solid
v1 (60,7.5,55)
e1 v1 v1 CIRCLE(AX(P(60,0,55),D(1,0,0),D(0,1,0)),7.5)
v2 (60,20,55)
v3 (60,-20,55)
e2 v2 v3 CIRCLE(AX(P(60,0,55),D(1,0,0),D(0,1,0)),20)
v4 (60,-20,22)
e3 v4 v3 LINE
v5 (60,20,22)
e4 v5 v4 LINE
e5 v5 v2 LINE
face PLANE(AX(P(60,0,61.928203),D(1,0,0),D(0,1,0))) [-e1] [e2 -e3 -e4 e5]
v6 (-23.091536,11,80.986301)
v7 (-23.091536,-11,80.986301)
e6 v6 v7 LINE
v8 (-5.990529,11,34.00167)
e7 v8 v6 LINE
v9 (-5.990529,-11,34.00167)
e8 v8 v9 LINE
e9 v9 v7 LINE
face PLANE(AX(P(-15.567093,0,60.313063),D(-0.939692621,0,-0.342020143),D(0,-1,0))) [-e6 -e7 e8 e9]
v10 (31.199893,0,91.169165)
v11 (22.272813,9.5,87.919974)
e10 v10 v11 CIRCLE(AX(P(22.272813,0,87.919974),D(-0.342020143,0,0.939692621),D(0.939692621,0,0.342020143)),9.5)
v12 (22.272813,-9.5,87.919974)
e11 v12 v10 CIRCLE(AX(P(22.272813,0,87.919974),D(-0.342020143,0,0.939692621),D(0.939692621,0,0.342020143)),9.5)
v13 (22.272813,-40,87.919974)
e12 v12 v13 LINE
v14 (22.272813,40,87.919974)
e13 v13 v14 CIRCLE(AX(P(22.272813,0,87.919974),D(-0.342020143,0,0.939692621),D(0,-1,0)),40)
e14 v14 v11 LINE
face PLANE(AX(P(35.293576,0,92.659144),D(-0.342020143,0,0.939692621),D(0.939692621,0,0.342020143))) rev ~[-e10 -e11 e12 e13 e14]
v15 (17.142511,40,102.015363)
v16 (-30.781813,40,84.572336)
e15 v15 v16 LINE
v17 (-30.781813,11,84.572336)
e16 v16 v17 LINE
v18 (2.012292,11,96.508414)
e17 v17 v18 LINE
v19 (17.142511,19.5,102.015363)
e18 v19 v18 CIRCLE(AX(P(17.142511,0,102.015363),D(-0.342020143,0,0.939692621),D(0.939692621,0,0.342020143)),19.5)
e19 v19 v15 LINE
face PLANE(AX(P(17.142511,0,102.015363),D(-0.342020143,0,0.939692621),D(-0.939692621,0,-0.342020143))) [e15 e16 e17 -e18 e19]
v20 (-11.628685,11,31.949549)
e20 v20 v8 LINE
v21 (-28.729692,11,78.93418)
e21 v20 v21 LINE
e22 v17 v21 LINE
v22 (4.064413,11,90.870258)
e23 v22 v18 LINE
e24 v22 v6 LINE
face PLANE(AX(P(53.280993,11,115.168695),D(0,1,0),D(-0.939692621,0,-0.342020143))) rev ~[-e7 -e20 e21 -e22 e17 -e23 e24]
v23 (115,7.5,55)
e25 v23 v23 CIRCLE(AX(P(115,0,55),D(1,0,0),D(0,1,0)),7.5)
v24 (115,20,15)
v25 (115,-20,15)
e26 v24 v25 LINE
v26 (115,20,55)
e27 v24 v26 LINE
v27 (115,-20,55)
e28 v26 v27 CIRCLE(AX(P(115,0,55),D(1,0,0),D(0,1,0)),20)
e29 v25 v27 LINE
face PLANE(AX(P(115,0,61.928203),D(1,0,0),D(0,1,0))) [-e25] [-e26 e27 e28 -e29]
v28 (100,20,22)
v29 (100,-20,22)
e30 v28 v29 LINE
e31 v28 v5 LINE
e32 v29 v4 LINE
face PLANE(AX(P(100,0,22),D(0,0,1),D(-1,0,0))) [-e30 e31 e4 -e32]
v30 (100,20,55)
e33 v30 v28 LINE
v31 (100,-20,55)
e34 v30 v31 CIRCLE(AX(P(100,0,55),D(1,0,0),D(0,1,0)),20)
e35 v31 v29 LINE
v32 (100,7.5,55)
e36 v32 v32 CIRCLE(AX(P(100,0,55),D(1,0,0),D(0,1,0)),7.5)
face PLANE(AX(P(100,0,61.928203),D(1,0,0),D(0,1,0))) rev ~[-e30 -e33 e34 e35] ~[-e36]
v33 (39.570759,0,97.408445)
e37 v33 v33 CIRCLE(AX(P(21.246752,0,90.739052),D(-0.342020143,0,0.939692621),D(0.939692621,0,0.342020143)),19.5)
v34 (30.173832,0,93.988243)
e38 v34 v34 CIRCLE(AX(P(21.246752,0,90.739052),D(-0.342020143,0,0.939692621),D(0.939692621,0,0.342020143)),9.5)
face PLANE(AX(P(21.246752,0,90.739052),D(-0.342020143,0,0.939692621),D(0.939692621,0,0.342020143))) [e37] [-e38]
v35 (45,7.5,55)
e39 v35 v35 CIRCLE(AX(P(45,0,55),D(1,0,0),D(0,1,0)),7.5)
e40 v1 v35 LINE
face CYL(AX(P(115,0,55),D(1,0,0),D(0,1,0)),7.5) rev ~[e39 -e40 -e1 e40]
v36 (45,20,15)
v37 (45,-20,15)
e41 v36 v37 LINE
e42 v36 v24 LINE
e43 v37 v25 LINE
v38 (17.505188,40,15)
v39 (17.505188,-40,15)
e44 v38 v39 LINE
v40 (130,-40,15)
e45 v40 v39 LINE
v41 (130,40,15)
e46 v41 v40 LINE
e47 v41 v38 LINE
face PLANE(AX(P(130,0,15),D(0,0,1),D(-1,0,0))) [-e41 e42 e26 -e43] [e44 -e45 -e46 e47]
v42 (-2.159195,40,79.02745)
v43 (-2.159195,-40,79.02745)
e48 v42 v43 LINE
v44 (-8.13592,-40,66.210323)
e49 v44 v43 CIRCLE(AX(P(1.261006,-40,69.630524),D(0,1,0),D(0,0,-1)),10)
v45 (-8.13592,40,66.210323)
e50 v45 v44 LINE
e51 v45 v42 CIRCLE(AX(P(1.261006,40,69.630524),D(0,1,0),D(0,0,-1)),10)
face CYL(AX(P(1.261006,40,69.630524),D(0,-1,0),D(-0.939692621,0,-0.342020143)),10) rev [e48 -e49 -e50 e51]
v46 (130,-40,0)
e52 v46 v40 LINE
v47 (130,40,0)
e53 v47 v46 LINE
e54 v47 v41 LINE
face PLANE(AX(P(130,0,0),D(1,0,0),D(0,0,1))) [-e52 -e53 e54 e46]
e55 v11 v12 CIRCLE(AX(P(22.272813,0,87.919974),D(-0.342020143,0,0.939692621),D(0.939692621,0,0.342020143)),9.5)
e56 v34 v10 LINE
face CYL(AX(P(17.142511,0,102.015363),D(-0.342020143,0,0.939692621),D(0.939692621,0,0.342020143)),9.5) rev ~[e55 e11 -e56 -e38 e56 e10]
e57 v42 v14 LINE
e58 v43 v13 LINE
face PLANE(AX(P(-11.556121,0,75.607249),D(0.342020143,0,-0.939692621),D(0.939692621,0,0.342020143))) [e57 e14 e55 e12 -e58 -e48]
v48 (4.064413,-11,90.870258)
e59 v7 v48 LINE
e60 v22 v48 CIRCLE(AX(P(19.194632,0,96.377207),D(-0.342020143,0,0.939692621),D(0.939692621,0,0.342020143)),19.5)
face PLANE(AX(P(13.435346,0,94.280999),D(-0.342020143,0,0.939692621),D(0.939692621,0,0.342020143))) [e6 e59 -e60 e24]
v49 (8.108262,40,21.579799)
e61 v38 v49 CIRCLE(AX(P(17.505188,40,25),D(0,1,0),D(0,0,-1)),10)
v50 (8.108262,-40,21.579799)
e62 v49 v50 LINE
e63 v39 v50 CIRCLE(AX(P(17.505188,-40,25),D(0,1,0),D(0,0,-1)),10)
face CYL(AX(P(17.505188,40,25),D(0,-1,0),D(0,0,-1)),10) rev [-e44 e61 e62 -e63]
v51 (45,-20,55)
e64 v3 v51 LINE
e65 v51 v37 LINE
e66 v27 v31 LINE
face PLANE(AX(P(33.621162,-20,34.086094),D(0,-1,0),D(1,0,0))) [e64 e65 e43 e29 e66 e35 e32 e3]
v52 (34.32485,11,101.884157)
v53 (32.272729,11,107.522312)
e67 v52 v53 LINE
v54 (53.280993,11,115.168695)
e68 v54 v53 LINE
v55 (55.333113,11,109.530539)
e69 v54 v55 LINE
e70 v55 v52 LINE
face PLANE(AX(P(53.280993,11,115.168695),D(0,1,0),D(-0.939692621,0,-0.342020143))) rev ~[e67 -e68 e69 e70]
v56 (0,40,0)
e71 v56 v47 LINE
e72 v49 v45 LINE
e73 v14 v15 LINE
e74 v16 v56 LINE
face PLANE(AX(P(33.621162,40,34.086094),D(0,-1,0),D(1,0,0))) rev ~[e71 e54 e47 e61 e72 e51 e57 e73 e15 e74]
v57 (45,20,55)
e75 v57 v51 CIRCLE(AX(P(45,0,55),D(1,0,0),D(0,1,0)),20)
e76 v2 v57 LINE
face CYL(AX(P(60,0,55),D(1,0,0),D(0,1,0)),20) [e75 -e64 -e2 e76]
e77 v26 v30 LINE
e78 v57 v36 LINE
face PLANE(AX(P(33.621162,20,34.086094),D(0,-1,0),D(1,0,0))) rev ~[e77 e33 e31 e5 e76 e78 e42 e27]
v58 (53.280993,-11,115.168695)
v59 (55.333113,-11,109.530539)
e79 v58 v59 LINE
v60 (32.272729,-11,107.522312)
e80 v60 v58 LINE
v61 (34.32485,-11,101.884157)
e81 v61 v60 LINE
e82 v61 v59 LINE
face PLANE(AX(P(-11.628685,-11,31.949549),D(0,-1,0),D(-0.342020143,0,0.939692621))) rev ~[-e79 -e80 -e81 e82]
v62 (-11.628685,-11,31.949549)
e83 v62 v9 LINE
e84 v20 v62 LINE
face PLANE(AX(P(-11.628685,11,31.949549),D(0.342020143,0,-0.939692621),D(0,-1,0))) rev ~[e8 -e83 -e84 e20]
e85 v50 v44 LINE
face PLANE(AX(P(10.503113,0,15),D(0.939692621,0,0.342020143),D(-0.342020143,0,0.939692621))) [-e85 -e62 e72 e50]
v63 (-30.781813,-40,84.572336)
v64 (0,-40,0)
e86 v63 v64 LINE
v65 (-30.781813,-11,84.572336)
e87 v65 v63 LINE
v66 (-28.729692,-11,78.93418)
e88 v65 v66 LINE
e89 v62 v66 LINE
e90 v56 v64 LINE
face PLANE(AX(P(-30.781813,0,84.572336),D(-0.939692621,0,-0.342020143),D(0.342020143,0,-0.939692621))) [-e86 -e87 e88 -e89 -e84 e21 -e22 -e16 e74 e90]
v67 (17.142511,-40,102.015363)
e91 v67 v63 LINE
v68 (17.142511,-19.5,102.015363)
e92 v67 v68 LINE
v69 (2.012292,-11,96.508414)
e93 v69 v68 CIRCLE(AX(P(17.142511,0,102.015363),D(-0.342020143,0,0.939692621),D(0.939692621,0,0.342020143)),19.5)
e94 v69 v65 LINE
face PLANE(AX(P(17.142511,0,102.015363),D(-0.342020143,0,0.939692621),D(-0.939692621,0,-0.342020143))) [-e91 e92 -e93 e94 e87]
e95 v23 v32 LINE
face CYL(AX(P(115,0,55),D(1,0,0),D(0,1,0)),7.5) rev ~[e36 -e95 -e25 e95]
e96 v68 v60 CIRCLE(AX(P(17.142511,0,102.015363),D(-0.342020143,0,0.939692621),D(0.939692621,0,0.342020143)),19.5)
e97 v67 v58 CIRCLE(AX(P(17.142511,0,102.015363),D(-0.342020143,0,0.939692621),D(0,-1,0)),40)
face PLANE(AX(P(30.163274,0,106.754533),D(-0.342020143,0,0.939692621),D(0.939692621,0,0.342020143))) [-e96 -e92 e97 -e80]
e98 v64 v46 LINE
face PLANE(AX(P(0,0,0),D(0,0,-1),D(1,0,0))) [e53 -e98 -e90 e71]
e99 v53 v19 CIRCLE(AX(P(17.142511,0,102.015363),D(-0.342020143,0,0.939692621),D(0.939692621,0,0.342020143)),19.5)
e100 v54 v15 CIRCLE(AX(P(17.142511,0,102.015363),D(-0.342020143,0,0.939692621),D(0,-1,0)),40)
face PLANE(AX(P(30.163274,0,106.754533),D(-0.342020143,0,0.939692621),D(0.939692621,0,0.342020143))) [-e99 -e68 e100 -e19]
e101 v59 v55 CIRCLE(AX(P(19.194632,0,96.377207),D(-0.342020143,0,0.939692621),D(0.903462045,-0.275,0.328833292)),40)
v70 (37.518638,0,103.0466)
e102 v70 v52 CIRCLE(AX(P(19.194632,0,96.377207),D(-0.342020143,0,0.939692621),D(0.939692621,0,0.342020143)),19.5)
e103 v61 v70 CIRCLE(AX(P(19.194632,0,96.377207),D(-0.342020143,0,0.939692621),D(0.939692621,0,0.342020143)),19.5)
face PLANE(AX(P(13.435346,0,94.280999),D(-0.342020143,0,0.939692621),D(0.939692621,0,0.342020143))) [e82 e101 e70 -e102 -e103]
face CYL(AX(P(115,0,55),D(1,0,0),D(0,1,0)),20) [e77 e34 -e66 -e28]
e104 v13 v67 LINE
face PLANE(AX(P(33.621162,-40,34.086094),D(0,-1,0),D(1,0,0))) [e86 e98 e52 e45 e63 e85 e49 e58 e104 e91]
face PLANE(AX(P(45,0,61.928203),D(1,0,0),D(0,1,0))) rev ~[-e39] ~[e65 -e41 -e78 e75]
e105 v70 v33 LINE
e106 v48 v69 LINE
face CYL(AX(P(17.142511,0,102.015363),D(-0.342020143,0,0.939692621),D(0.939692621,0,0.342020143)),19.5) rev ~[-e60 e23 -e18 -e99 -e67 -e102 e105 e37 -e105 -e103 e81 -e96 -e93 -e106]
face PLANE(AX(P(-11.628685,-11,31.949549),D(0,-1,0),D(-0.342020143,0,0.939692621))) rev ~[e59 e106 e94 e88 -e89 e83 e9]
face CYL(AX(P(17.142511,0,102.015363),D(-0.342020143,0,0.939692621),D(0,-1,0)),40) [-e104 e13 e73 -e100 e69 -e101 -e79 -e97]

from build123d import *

# Parameters (mm, degrees)
F1_DEPTH  = 40
F3_DEPTH  = 15
F4_DEPTH  = 20
F6_DEPTH  = 15
F8_DEPTH  = 15
F9_R      = 7.5
F10_DEPTH = 70
F13_DEPTH = 6
F11_W     = 22
F11_H     = 56
F14_DEPTH = 6
F15_R     = 9.5
F16_DEPTH = 30
F15_R_2   = 19.5
F17_DEPTH = 12
F18_R     = 10


with BuildPart() as f1:
    # F0 (on Front) → F1 (new body, symmetric)
    with BuildSketch(Plane.XZ):
        Polygon((-30.7818128993, 84.5723358707), (0, 0), (130, 0), (130, 15), (115, 15), (45, 15), (10.5031130731, 15), (-11.5561214376, 75.6072487088), (22.2728129107, 87.9199738686), (17.1425107608, 102.0153631803), align=None)
    extrude(amount=F1_DEPTH, both=True)

    # F2 (on face) → F3 (join)
    with BuildSketch(Plane(origin=(-30.7818128993, 0, 84.5723358707), x_dir=(0.9396926208, 0, 0.3420201433), z_dir=(-0.3420201433, 0, 0.9396926208))):
        with BuildLine():
            Line((51, 40), (51, -40))
            ThreePointArc((51, -40), (91, 0), (51, 40))
        make_face()
    extrude(amount=-F3_DEPTH)

    # F0 (on Front) → F4 (join, symmetric)
    with BuildSketch(Plane.XZ):
        Polygon((-30.7818128993, 84.5723358707), (0, 0), (130, 0), (130, 15), (115, 15), (45, 15), (10.5031130731, 15), (-11.5561214376, 75.6072487088), (22.2728129107, 87.9199738686), (17.1425107608, 102.0153631803), align=None)
        Polygon((45, 15), (115, 15), (115, 55), (100, 55), (100, 22), (60, 22), (60, 55), (45, 55), align=None)
    extrude(amount=F4_DEPTH, both=True)

    # F5 (on face) → F6 (join)
    with BuildSketch(Plane.YZ.offset(115)):
        with BuildLine():
            Line((-20, 55), (20, 55))
            ThreePointArc((20, 55), (0, 75), (-20, 55))
        make_face()
    extrude(amount=-F6_DEPTH)

    # F7 (on face) → F8 (join)
    with BuildSketch(Plane.YZ.offset(60)):
        with BuildLine():
            Line((-20, 55), (20, 55))
            ThreePointArc((20, 55), (0, 75), (-20, 55))
        make_face()
    extrude(amount=-F8_DEPTH)

    # F9 (on face) → F10 (cut)
    with BuildSketch(Plane.YZ.offset(115)):
        with Locations((0, 55)):
            Circle(F9_R)
    extrude(amount=-F10_DEPTH, mode=Mode.SUBTRACT)

    # F12 (on face) → F13 (cut)
    with BuildSketch(Plane(origin=(-30.7818128993, 0, 84.5723358707), x_dir=(0.9396926208, 0, 0.3420201433), z_dir=(-0.3420201433, 0, 0.9396926208))):
        with BuildLine():
            Line((89.4577690461, 11), (0, 11))
            Line((0, 11), (0, -11))
            Line((0, -11), (89.4577690461, -11))
            ThreePointArc((89.4577690461, -11), (91, 0), (89.4577690461, 11))
        make_face()
    extrude(amount=-F13_DEPTH, mode=Mode.SUBTRACT)

    # F11 (on face) → F14 (cut)
    with BuildSketch(Plane(origin=(0, 0, 0), x_dir=(0, -1, 0), z_dir=(-0.9396926208, 0, -0.3420201433))):
        with Locations((0, 62)):
            Rectangle(F11_W, F11_H)
    extrude(amount=-F14_DEPTH, mode=Mode.SUBTRACT)

    # F15 (on face) → F16 (cut)
    with BuildSketch(Plane(origin=(-30.7818128993, 0, 84.5723358707), x_dir=(0.9396926208, 0, 0.3420201433), z_dir=(-0.3420201433, 0, 0.9396926208))):
        with Locations((51, 0)):
            Circle(F15_R)
    extrude(amount=-F16_DEPTH, mode=Mode.SUBTRACT)

    # F15 (on face) → F17 (cut)
    with BuildSketch(Plane(origin=(-30.7818128993, 0, 84.5723358707), x_dir=(0.9396926208, 0, 0.3420201433), z_dir=(-0.3420201433, 0, 0.9396926208))):
        with Locations((51, 0)):
            Circle(F15_R_2)
        with Locations((51, 0)):
            Circle(F15_R, mode=Mode.SUBTRACT)
    extrude(amount=-F17_DEPTH, mode=Mode.SUBTRACT)

    # F18
    f18_edges = [f1.edges().sort_by_distance(p)[0] for p in [
        (-11.556121, 0, 75.607249),
        (10.503113, 0, 15),
    ]]
    fillet(f18_edges, radius=F18_R)


solid = f1.part
